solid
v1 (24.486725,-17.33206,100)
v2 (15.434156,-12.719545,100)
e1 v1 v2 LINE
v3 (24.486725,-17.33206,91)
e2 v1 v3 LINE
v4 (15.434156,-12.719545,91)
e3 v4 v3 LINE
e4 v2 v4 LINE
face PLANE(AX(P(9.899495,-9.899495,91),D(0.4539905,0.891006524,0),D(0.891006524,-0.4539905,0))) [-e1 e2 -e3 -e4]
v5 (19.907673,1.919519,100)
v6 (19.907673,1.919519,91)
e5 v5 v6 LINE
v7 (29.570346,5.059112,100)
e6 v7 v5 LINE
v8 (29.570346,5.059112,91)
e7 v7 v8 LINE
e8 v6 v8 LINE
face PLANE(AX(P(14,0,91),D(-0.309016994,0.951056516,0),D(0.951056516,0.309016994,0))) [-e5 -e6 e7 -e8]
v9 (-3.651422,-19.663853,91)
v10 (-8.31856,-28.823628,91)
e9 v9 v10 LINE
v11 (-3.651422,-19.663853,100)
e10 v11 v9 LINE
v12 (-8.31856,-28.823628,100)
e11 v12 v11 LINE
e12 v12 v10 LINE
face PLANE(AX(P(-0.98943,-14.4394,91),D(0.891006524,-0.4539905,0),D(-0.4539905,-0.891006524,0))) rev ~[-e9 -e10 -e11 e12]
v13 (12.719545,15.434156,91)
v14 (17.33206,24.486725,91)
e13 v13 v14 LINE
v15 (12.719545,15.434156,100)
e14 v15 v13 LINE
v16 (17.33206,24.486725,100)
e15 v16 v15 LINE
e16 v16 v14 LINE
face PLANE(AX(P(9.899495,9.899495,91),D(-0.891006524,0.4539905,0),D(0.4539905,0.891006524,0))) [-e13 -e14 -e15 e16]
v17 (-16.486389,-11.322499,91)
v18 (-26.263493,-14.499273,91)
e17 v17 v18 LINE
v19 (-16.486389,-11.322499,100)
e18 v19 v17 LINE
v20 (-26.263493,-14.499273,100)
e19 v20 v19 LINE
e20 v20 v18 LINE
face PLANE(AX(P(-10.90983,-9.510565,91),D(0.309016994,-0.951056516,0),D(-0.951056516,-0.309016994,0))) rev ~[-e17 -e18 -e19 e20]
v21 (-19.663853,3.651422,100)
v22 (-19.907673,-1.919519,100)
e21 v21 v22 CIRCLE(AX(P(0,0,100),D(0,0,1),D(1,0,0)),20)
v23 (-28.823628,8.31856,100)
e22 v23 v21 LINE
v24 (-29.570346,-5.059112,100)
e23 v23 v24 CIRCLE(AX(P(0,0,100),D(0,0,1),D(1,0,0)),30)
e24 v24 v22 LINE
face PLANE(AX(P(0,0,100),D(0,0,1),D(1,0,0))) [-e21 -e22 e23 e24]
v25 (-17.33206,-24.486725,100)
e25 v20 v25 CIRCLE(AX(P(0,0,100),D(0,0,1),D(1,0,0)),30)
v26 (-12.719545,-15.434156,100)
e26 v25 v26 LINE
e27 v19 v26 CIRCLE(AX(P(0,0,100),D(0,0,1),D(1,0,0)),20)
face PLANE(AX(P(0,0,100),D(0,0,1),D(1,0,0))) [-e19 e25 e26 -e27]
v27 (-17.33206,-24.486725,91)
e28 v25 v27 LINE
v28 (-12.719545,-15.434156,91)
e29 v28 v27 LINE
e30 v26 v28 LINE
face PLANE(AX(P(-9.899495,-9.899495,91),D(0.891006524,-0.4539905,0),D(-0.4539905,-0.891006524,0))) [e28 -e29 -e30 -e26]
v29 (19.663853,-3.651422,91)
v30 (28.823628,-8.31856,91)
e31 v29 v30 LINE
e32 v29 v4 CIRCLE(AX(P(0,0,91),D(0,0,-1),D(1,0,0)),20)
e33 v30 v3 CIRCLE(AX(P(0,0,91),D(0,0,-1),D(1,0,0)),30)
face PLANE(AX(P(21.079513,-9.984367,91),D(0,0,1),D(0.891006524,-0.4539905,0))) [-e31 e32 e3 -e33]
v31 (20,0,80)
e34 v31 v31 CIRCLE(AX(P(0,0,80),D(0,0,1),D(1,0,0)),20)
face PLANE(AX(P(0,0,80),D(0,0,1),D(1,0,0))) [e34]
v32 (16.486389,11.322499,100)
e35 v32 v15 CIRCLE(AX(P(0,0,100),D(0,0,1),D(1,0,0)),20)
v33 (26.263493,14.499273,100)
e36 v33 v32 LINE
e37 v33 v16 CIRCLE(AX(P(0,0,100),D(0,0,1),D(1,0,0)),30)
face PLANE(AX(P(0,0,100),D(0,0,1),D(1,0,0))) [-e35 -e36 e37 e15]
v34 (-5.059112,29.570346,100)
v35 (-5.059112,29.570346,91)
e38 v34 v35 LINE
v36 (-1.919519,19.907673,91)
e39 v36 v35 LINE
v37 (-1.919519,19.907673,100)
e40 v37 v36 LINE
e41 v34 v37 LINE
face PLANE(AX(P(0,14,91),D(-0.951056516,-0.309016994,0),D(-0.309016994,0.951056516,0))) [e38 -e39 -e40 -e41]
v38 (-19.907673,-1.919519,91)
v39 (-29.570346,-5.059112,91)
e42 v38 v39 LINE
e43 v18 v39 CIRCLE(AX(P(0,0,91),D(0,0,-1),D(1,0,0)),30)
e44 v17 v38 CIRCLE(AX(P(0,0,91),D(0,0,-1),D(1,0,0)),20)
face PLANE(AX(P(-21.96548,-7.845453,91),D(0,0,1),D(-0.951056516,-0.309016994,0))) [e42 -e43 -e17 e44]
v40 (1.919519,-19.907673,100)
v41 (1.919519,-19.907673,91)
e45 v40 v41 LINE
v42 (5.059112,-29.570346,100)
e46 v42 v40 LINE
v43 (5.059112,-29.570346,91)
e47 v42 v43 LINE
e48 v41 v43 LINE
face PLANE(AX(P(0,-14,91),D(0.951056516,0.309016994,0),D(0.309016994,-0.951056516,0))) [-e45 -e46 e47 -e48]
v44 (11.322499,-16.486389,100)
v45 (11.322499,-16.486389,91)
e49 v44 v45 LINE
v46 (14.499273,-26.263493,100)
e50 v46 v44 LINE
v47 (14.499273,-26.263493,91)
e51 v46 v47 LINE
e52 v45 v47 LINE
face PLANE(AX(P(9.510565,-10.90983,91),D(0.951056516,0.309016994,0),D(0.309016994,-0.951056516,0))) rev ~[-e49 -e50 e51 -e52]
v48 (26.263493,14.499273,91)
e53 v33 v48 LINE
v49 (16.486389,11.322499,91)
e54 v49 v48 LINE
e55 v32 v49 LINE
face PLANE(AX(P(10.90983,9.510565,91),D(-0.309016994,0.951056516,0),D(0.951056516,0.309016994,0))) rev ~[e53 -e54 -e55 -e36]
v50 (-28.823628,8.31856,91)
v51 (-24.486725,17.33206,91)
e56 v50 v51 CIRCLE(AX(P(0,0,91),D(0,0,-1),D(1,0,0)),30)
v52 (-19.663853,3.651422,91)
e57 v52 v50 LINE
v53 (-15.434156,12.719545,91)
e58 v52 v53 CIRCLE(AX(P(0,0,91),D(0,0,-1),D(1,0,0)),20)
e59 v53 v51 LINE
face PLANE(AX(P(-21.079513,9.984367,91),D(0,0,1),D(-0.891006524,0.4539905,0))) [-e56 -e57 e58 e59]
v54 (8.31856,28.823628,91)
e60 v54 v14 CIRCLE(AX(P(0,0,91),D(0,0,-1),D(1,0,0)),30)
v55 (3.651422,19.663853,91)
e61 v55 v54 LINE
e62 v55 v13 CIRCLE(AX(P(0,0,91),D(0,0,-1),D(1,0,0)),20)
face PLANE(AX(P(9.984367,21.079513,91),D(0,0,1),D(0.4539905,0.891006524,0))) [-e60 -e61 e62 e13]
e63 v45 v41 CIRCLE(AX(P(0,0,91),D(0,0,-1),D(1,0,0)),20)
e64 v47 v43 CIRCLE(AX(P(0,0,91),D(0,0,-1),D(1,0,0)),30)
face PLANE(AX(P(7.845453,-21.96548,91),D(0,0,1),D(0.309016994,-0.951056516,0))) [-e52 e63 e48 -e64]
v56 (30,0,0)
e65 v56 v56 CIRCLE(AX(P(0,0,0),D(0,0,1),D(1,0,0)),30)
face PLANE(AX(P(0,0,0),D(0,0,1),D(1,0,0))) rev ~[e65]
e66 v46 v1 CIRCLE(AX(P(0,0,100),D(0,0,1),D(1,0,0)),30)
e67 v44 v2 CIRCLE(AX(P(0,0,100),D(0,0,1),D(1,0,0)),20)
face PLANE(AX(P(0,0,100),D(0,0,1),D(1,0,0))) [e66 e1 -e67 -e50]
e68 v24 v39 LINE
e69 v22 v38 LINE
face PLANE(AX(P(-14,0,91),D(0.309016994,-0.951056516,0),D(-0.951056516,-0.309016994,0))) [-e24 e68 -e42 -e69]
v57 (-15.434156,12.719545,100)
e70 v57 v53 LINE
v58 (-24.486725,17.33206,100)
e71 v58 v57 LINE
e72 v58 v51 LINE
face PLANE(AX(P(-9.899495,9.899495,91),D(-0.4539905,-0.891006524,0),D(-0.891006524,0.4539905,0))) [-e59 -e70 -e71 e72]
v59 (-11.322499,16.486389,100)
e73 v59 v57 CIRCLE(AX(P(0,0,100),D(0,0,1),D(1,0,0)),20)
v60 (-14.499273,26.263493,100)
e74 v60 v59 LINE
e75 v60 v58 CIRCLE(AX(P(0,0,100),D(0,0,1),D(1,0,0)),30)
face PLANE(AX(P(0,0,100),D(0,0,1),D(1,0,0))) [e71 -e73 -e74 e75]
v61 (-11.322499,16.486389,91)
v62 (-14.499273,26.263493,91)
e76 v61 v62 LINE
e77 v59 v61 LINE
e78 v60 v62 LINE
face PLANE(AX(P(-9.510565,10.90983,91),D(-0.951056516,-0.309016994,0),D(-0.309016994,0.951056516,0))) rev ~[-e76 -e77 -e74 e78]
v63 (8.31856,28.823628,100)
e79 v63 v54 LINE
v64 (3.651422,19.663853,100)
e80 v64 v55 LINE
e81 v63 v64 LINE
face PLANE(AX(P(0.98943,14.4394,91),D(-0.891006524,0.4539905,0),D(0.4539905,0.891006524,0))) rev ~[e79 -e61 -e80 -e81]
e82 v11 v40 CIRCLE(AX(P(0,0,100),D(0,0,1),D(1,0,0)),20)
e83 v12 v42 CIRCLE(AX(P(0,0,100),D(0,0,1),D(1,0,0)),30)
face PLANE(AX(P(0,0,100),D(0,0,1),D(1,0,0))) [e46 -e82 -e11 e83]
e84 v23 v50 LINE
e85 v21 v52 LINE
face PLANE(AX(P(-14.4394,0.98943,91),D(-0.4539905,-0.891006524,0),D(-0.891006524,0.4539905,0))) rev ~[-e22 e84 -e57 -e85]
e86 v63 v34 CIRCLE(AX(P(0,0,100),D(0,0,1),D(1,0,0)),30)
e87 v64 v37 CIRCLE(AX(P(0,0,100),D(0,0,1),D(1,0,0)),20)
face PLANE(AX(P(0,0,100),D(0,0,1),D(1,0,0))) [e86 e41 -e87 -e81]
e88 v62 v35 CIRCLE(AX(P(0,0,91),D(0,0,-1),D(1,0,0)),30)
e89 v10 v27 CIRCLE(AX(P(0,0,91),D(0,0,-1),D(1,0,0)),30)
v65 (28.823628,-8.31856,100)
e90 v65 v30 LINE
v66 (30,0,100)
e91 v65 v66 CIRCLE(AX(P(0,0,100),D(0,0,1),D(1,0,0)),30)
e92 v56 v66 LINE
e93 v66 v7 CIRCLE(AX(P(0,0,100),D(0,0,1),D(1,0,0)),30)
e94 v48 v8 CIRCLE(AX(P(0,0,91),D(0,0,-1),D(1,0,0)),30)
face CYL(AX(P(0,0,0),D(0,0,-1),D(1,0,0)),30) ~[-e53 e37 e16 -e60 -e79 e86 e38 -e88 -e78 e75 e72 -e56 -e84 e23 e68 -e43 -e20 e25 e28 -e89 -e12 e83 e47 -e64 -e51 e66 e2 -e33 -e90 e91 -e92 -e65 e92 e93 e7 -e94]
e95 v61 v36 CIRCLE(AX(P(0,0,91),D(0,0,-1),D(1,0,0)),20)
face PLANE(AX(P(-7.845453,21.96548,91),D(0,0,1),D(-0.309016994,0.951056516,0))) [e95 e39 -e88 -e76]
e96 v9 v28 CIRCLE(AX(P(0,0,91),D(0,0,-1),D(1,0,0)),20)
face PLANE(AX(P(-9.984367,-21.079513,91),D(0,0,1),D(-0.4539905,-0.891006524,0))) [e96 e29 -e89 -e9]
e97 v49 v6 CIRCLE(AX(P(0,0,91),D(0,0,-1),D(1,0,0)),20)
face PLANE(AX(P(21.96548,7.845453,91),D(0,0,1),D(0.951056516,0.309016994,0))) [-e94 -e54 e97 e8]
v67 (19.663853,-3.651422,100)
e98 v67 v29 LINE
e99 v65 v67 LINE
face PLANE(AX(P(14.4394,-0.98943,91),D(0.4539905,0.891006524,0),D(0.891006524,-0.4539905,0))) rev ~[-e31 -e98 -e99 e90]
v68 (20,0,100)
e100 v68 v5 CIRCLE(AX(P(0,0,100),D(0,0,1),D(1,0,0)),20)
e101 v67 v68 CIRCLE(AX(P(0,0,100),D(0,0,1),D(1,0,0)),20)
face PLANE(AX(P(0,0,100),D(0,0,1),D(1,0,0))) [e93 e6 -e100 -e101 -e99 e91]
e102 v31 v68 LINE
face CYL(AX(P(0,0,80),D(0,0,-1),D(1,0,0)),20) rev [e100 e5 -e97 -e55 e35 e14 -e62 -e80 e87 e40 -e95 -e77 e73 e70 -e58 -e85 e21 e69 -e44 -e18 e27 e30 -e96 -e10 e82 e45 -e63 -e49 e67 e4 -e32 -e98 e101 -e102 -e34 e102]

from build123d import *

# Parameters (mm, degrees)
BOX_W               = 20
BOX_H               = 10
BOX_DEPTH           = 10
BOX_PLACEMENT_ANGLE = 18
ARRAY_COUNT         = 8
CYLINDER001_R       = 20
CYLINDER001_DEPTH   = 20
CYLINDER_R          = 30
CYLINDER_DEPTH      = 100


with BuildPart() as rectangles:
    # Box → Box (new body)
    with BuildSketch(Plane.XY):
        with Locations((10, 5)):
            Rectangle(BOX_W, BOX_H)
    extrude(amount=BOX_DEPTH)


with BuildPart() as rectangles_1:
    # Box placement: moved
    add(rectangles.part.moved(Location((14, 0, 91))).rotate(Axis((14, 0, 91), (0, 0, 1)), BOX_PLACEMENT_ANGLE))

    # Array: Rectangles ×8 about axis
    array_axis = Axis((0, 0, 0), (0, 0, 1))


with BuildPart() as rectangles_2:
    add(rectangles_1.part)
    for i in range(1, ARRAY_COUNT):
        add(rectangles_1.part.rotate(array_axis, i * 360 / ARRAY_COUNT))


with BuildPart() as cilindre001:
    # Cylinder001 → Cylinder001 (new body)
    with BuildSketch(Plane.XY.offset(80)):
        Circle(CYLINDER001_R)
    extrude(amount=CYLINDER001_DEPTH)


with BuildPart() as castell:
    # Cylinder → Cylinder (new body)
    with BuildSketch(Plane.XY):
        Circle(CYLINDER_R)
    extrude(amount=CYLINDER_DEPTH)

    # Cut: cut Cilindre001
    add(cilindre001.part, mode=Mode.SUBTRACT)

    # Cut001: cut Rectangles
    add(rectangles_2.part, mode=Mode.SUBTRACT)


solid = castell.part
